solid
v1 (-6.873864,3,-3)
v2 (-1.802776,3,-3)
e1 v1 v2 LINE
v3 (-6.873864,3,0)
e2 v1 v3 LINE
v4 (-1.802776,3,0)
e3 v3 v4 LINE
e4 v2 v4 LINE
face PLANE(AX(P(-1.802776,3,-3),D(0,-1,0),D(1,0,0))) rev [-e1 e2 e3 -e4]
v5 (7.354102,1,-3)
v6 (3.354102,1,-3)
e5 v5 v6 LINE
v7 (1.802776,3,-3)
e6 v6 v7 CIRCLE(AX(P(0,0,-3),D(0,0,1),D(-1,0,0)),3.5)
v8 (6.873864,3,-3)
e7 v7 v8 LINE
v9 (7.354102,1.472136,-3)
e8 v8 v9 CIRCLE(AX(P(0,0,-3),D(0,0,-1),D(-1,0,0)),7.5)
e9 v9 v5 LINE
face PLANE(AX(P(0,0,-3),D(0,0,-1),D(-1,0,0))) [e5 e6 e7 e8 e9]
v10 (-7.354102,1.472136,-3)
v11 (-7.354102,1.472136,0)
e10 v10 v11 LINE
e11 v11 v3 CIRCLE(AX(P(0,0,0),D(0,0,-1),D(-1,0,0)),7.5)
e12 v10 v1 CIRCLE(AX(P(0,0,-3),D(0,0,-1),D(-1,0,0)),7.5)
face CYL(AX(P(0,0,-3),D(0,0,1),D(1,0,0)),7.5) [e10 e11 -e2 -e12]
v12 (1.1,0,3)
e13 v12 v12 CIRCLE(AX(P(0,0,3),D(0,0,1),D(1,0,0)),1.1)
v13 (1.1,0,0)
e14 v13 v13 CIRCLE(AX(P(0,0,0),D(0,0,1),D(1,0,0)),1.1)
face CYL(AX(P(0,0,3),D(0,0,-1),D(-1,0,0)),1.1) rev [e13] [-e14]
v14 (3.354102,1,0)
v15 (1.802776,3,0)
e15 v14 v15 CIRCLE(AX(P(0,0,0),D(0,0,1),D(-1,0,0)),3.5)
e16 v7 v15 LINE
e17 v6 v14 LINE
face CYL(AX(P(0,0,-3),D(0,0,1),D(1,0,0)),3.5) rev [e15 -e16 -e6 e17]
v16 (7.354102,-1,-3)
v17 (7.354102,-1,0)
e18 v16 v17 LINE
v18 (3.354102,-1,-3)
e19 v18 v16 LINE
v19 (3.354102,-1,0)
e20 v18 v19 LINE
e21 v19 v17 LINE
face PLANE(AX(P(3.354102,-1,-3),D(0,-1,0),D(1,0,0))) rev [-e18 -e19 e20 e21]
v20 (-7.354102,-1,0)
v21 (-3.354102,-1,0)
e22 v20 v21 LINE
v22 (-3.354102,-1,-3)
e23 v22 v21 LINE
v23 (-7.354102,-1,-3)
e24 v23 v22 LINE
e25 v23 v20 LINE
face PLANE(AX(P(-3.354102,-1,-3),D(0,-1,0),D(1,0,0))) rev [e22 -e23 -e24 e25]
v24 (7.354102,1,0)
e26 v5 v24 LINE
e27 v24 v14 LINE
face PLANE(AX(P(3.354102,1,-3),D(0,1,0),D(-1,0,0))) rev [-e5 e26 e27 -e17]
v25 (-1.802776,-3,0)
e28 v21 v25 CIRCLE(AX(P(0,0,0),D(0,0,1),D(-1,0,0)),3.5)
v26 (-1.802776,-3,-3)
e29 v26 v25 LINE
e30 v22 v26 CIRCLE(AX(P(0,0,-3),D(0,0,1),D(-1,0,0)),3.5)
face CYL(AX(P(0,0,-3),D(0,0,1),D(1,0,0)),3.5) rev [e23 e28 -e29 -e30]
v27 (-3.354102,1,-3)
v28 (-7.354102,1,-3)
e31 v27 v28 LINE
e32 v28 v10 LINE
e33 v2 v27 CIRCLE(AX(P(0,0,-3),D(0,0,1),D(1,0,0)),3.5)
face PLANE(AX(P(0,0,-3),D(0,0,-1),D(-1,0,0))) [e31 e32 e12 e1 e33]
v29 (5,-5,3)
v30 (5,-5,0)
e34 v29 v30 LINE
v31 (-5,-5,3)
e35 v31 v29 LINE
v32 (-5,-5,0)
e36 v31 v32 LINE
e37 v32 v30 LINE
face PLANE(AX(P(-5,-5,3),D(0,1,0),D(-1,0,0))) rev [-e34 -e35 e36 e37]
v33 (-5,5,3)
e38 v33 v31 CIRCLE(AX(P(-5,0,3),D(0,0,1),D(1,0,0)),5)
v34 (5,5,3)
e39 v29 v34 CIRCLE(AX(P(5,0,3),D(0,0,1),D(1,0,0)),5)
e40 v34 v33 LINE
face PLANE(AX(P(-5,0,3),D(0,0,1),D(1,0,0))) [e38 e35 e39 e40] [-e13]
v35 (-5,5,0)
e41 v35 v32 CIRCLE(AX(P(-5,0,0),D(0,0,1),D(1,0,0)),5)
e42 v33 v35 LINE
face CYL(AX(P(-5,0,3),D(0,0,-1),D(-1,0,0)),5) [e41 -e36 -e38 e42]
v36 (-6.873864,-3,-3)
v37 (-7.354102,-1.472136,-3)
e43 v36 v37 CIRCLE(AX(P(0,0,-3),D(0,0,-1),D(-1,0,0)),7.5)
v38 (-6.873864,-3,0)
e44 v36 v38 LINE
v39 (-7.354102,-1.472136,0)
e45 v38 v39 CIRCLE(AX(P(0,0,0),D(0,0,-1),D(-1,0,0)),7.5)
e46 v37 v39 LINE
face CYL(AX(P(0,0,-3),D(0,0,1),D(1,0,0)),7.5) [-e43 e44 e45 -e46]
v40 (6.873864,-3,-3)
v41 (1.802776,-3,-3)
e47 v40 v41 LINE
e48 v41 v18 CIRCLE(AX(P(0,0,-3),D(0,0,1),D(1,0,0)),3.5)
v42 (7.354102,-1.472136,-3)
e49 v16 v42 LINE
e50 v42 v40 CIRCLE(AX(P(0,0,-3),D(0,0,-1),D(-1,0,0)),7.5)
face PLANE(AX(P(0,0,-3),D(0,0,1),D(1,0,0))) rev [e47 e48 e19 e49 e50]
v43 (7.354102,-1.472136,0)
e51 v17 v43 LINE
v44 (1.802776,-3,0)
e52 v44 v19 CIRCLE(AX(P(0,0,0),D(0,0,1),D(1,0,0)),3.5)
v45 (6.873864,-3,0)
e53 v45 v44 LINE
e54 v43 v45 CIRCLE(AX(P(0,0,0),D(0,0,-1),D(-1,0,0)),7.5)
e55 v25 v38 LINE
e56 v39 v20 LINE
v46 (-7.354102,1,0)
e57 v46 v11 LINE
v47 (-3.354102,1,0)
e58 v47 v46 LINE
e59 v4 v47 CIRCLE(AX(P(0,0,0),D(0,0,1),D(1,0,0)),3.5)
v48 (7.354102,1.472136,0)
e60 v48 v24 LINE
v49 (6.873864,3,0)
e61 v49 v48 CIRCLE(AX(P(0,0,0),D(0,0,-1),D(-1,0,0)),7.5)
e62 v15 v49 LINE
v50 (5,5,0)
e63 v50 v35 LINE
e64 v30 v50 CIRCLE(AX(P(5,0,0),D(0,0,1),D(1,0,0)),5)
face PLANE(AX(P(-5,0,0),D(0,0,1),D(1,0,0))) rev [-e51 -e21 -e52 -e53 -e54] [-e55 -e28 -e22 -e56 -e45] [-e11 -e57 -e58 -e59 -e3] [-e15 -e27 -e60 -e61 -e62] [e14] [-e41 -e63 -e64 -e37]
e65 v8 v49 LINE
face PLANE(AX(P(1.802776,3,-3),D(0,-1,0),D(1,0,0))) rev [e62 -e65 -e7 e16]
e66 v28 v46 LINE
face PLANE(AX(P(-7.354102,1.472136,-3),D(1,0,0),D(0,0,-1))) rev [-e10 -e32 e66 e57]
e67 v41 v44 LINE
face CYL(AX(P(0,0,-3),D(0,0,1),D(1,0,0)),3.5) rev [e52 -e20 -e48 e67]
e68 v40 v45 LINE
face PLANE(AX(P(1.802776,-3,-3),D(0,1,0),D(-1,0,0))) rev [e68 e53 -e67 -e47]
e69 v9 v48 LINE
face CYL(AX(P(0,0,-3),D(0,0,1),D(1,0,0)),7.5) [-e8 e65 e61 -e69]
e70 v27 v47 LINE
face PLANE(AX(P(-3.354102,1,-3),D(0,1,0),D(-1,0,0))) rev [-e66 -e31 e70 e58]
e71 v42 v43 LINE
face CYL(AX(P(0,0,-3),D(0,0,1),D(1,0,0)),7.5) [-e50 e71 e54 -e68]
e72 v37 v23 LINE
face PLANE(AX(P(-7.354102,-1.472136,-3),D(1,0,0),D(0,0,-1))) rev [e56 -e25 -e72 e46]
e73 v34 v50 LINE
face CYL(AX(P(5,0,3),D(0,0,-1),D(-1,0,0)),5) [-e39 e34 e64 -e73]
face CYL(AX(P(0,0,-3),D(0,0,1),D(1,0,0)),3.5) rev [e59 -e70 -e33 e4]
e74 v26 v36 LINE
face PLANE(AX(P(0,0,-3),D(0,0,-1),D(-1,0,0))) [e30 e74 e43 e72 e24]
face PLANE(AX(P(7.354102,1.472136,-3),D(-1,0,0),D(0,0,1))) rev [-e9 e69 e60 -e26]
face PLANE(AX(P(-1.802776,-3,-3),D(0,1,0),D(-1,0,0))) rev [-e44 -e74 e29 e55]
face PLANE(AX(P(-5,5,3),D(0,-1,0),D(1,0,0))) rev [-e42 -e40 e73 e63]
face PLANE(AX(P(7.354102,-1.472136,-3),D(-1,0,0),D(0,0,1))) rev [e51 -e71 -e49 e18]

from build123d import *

# Parameters (mm, degrees)
SKETCH_1_R      = 1.1
EXTRUDE_1_DEPTH = 3
EXTRUDE_2_DEPTH = 3


with BuildPart() as part:
    # 草图1 → 凸台-拉伸1 (new body)
    with BuildSketch(Plane.XY):
        with BuildLine():
            Line((-5, 5), (5, 5))
            ThreePointArc((5, 5), (10, 0), (5, -5))
            Line((5, -5), (-5, -5))
            ThreePointArc((-5, -5), (-10, 0), (-5, 5))
        make_face()
        Circle(SKETCH_1_R, mode=Mode.SUBTRACT)
    extrude(amount=EXTRUDE_1_DEPTH)

    # 草图3 → 凸台-拉伸2 (add)
    with BuildSketch(Plane(origin=(0, 0, 0), x_dir=(-1, 0, 0), z_dir=(0, 0, -1))):
        with BuildLine():
            Line((-1.802775638, 3), (-6.873863542, 3))
            ThreePointArc((-6.873863542, 3), (-7.154882442, 2.248923573), (-7.354101966, 1.472135955))
            Line((-7.354101966, 1.472135955), (-7.354101966, 1))
            Line((-7.354101966, 1), (-3.354101966, 1))
            ThreePointArc((-3.354101966, 1), (-2.765564437, 2.145146462), (-1.802775638, 3))
        make_face()
        with BuildLine():
            Line((-7.354101966, -1.472135955), (-7.354101966, -1))
            Line((-7.354101966, -1), (-3.354101966, -1))
            ThreePointArc((-3.354101966, -1), (-2.765564437, -2.145146462), (-1.802775638, -3))
            Line((-1.802775638, -3), (-6.873863542, -3))
            ThreePointArc((-6.873863542, -3), (-7.154882442, -2.248923573), (-7.354101966, -1.472135955))
        make_face()
        with BuildLine():
            Line((1.802775638, -3), (6.873863542, -3))
            ThreePointArc((6.873863542, -3), (7.154882442, -2.248923573), (7.354101966, -1.472135955))
            Line((7.354101966, -1.472135955), (7.354101966, -1))
            Line((7.354101966, -1), (3.354101966, -1))
            ThreePointArc((3.354101966, -1), (2.765564437, -2.145146462), (1.802775638, -3))
        make_face()
        with BuildLine():
            Line((7.354101966, 1.472135955), (7.354101966, 1))
            Line((7.354101966, 1), (3.354101966, 1))
            ThreePointArc((3.354101966, 1), (2.765564437, 2.145146462), (1.802775638, 3))
            Line((1.802775638, 3), (6.873863542, 3))
            ThreePointArc((6.873863542, 3), (7.154882442, 2.248923573), (7.354101966, 1.472135955))
        make_face()
    extrude(amount=EXTRUDE_2_DEPTH)


solid = part.part
